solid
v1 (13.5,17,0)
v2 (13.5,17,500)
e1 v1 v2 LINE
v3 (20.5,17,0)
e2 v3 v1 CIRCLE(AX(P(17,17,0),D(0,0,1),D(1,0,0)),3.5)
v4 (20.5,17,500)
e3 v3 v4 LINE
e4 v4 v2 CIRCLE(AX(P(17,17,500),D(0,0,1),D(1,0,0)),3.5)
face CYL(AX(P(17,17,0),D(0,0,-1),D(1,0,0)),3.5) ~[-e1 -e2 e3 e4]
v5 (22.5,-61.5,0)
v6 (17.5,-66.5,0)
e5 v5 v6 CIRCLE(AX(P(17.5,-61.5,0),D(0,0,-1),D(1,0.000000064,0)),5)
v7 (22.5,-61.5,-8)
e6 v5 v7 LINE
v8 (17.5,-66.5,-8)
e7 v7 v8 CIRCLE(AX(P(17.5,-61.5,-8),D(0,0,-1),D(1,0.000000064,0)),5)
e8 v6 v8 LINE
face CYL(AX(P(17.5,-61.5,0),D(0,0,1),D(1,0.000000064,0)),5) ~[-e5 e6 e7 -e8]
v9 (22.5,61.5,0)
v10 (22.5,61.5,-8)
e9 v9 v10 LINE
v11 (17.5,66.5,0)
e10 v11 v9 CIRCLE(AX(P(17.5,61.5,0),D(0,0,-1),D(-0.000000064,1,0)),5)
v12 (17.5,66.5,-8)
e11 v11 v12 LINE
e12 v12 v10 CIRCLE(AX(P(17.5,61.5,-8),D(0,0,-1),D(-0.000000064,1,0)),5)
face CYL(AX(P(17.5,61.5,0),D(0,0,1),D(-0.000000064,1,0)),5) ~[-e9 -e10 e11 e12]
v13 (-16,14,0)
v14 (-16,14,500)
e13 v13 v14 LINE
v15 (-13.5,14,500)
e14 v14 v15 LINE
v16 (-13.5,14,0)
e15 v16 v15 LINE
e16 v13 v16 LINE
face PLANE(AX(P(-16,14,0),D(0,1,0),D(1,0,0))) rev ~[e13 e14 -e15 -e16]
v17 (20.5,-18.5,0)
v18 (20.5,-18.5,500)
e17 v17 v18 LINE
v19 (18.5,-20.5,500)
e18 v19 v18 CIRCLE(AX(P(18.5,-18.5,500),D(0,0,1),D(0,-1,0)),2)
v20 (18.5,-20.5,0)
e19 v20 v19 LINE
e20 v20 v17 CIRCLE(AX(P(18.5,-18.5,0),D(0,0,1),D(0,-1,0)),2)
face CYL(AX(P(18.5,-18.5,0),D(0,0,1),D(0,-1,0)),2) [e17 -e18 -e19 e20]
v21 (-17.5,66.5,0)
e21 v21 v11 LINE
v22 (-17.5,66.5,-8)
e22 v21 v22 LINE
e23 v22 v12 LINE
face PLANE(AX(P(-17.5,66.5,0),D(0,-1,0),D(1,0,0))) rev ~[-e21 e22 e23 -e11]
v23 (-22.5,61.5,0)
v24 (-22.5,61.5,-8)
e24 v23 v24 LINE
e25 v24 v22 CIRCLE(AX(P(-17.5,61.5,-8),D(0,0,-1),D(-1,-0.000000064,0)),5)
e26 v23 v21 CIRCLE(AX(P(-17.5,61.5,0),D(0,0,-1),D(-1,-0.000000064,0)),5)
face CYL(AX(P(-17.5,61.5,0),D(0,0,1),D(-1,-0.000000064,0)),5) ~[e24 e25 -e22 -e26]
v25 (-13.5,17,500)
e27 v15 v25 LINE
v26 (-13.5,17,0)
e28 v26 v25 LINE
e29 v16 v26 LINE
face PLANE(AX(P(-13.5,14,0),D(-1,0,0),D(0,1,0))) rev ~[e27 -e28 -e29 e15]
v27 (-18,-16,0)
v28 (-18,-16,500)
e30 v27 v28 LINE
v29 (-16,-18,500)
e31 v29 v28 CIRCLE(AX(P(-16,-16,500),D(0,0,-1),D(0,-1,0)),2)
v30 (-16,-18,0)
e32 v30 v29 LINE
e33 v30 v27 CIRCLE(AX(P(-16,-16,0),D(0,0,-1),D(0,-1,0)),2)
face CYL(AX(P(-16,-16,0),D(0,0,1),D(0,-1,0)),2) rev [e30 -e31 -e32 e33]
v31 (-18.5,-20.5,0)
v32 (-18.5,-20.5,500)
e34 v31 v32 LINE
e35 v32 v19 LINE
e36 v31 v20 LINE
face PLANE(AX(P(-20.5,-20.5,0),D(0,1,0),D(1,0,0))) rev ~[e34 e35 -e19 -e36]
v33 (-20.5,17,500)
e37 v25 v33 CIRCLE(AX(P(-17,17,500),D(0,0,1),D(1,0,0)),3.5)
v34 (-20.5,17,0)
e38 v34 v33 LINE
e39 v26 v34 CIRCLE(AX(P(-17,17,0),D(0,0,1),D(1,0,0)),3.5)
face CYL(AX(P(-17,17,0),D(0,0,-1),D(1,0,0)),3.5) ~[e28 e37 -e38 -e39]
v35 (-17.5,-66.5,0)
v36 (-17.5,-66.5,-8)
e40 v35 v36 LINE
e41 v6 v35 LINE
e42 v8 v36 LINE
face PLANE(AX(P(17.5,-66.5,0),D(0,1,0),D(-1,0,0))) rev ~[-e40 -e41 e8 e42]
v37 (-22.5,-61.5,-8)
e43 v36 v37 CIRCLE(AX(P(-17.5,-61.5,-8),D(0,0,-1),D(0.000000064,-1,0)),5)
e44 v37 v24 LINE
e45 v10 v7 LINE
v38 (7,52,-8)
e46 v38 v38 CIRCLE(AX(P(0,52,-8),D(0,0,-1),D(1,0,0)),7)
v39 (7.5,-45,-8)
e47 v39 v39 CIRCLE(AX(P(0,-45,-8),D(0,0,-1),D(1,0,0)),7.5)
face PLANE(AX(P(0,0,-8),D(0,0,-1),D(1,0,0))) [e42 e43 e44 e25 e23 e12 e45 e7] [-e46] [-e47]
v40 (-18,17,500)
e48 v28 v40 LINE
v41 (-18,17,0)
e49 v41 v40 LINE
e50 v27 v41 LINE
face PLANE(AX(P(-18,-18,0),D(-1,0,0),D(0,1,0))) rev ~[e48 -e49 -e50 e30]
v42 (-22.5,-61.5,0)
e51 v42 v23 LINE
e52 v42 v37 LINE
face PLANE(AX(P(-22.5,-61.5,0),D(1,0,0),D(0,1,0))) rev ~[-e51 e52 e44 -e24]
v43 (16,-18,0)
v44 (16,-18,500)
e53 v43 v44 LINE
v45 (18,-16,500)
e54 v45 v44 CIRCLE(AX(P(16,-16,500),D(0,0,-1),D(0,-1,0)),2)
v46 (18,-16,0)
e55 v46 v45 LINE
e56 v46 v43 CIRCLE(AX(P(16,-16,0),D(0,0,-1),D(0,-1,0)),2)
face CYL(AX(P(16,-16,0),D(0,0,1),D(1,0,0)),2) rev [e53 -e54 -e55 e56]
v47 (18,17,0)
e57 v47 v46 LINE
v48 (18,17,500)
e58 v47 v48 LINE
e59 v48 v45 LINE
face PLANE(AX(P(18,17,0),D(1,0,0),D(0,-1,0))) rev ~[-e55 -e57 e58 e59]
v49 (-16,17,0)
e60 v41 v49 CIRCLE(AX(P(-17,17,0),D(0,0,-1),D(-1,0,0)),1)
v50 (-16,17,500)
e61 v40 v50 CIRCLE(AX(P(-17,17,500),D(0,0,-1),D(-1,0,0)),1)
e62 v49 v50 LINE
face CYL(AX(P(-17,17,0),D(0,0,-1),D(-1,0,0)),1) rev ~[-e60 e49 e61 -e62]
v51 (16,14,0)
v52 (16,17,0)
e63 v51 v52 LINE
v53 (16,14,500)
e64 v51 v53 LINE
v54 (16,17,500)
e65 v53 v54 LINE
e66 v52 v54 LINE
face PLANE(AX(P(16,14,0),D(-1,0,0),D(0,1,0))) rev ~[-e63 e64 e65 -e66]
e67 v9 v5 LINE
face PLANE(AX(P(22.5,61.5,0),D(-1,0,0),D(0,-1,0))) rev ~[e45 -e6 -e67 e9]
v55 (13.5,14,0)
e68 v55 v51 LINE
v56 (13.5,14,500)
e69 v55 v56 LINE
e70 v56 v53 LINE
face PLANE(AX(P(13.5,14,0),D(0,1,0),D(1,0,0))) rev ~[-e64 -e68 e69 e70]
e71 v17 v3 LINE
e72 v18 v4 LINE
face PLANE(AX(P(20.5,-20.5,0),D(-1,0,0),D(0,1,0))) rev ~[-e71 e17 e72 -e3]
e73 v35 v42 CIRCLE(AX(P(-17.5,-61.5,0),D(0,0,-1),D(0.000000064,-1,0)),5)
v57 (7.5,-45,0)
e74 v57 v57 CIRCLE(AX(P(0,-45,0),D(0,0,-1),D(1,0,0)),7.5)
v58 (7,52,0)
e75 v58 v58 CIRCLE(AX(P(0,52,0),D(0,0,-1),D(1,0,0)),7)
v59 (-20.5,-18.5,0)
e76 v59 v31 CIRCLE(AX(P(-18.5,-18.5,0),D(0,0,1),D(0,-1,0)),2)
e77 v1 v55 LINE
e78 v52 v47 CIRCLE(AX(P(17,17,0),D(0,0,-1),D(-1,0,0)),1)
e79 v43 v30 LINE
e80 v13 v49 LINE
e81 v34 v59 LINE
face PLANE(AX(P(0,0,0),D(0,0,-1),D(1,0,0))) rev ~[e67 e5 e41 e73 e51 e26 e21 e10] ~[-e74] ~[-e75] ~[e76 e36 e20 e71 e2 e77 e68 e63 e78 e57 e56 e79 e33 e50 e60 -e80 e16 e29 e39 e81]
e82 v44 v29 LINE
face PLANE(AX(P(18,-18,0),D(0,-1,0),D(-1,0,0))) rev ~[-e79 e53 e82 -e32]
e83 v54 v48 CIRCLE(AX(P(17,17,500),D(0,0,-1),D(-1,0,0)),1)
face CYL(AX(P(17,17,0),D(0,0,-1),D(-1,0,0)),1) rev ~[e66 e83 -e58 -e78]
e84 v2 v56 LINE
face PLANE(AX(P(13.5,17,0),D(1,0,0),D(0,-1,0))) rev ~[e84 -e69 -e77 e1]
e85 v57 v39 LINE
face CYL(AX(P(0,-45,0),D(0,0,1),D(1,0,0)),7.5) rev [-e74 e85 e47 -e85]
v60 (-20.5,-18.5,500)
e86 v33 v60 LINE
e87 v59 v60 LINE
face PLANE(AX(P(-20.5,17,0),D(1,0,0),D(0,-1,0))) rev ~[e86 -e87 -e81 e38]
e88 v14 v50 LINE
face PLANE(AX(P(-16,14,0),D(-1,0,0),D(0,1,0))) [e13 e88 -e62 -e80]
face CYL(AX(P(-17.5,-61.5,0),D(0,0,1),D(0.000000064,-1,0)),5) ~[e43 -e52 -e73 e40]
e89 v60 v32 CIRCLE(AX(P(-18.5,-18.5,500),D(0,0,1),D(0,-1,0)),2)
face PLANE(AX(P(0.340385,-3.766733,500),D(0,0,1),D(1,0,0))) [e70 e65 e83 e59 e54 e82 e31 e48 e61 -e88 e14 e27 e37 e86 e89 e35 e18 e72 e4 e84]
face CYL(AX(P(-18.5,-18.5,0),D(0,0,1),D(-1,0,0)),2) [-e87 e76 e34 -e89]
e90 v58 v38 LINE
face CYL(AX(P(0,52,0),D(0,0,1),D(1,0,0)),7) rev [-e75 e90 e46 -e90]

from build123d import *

# Parameters (mm, degrees)
F0_W     = 2.5
F0_H     = 3
F1_DEPTH = 500
F2_R     = 2
F3_R     = 7
F3_R_2   = 7.5
F4_DEPTH = 8


with BuildPart() as f1:
    # F0 (on Top) → F1 (new body)
    with BuildSketch(Plane.XY):
        with BuildLine():
            Line((-20.5, 17), (-20.5, -20.5))
            Line((-20.5, -20.5), (20.5, -20.5))
            Line((20.5, -20.5), (20.5, 17))
            ThreePointArc((20.5, 17), (17, 20.5), (13.5, 17))
            Line((13.5, 17), (13.5, 14))
            Line((13.5, 14), (16, 14))
            Line((16, 14), (16, 17))
            ThreePointArc((16, 17), (17, 18), (18, 17))
            Line((18, 17), (18, -18))
            Line((18, -18), (-18, -18))
            Line((-18, -18), (-18, 17))
            ThreePointArc((-18, 17), (-17, 18), (-16, 17))
            Line((-16, 17), (-13.5, 17))
            ThreePointArc((-13.5, 17), (-17, 20.5), (-20.5, 17))
        make_face()
        with Locations((-14.75, 15.5)):
            Rectangle(F0_W, F0_H)
    extrude(amount=F1_DEPTH)

    # F2
    f2_edges = [f1.edges().sort_by_distance(p)[0] for p in [
        (-20.5, -20.5, 250),
        (20.5, -20.5, 250),
        (-18, -18, 250),
        (18, -18, 250),
    ]]
    fillet(f2_edges, radius=F2_R)

    # F3 (on face) → F4 (join)
    with BuildSketch(Plane(origin=(0, 0, 0), x_dir=(1, 0, 0), z_dir=(0, 0, -1))):
        with BuildLine():
            Line((17.5, 66.5), (-17.5, 66.5))
            ThreePointArc((-17.5, 66.5), (-21.035534, 65.035534), (-22.5, 61.5))
            Line((-22.5, 61.5), (-22.5, -61.5))
            ThreePointArc((-22.5, -61.5), (-21.035534, -65.035534), (-17.5, -66.5))
            Line((-17.5, -66.5), (17.5, -66.5))
            ThreePointArc((17.5, -66.5), (21.035534, -65.035534), (22.5, -61.5))
            Line((22.5, -61.5), (22.5, 61.5))
            ThreePointArc((22.5, 61.5), (21.035534, 65.035534), (17.5, 66.5))
        make_face()
        with Locations((0, -52)):
            Circle(F3_R, mode=Mode.SUBTRACT)
        with Locations((0, 45)):
            Circle(F3_R_2, mode=Mode.SUBTRACT)
    extrude(amount=F4_DEPTH)


solid = f1.part
